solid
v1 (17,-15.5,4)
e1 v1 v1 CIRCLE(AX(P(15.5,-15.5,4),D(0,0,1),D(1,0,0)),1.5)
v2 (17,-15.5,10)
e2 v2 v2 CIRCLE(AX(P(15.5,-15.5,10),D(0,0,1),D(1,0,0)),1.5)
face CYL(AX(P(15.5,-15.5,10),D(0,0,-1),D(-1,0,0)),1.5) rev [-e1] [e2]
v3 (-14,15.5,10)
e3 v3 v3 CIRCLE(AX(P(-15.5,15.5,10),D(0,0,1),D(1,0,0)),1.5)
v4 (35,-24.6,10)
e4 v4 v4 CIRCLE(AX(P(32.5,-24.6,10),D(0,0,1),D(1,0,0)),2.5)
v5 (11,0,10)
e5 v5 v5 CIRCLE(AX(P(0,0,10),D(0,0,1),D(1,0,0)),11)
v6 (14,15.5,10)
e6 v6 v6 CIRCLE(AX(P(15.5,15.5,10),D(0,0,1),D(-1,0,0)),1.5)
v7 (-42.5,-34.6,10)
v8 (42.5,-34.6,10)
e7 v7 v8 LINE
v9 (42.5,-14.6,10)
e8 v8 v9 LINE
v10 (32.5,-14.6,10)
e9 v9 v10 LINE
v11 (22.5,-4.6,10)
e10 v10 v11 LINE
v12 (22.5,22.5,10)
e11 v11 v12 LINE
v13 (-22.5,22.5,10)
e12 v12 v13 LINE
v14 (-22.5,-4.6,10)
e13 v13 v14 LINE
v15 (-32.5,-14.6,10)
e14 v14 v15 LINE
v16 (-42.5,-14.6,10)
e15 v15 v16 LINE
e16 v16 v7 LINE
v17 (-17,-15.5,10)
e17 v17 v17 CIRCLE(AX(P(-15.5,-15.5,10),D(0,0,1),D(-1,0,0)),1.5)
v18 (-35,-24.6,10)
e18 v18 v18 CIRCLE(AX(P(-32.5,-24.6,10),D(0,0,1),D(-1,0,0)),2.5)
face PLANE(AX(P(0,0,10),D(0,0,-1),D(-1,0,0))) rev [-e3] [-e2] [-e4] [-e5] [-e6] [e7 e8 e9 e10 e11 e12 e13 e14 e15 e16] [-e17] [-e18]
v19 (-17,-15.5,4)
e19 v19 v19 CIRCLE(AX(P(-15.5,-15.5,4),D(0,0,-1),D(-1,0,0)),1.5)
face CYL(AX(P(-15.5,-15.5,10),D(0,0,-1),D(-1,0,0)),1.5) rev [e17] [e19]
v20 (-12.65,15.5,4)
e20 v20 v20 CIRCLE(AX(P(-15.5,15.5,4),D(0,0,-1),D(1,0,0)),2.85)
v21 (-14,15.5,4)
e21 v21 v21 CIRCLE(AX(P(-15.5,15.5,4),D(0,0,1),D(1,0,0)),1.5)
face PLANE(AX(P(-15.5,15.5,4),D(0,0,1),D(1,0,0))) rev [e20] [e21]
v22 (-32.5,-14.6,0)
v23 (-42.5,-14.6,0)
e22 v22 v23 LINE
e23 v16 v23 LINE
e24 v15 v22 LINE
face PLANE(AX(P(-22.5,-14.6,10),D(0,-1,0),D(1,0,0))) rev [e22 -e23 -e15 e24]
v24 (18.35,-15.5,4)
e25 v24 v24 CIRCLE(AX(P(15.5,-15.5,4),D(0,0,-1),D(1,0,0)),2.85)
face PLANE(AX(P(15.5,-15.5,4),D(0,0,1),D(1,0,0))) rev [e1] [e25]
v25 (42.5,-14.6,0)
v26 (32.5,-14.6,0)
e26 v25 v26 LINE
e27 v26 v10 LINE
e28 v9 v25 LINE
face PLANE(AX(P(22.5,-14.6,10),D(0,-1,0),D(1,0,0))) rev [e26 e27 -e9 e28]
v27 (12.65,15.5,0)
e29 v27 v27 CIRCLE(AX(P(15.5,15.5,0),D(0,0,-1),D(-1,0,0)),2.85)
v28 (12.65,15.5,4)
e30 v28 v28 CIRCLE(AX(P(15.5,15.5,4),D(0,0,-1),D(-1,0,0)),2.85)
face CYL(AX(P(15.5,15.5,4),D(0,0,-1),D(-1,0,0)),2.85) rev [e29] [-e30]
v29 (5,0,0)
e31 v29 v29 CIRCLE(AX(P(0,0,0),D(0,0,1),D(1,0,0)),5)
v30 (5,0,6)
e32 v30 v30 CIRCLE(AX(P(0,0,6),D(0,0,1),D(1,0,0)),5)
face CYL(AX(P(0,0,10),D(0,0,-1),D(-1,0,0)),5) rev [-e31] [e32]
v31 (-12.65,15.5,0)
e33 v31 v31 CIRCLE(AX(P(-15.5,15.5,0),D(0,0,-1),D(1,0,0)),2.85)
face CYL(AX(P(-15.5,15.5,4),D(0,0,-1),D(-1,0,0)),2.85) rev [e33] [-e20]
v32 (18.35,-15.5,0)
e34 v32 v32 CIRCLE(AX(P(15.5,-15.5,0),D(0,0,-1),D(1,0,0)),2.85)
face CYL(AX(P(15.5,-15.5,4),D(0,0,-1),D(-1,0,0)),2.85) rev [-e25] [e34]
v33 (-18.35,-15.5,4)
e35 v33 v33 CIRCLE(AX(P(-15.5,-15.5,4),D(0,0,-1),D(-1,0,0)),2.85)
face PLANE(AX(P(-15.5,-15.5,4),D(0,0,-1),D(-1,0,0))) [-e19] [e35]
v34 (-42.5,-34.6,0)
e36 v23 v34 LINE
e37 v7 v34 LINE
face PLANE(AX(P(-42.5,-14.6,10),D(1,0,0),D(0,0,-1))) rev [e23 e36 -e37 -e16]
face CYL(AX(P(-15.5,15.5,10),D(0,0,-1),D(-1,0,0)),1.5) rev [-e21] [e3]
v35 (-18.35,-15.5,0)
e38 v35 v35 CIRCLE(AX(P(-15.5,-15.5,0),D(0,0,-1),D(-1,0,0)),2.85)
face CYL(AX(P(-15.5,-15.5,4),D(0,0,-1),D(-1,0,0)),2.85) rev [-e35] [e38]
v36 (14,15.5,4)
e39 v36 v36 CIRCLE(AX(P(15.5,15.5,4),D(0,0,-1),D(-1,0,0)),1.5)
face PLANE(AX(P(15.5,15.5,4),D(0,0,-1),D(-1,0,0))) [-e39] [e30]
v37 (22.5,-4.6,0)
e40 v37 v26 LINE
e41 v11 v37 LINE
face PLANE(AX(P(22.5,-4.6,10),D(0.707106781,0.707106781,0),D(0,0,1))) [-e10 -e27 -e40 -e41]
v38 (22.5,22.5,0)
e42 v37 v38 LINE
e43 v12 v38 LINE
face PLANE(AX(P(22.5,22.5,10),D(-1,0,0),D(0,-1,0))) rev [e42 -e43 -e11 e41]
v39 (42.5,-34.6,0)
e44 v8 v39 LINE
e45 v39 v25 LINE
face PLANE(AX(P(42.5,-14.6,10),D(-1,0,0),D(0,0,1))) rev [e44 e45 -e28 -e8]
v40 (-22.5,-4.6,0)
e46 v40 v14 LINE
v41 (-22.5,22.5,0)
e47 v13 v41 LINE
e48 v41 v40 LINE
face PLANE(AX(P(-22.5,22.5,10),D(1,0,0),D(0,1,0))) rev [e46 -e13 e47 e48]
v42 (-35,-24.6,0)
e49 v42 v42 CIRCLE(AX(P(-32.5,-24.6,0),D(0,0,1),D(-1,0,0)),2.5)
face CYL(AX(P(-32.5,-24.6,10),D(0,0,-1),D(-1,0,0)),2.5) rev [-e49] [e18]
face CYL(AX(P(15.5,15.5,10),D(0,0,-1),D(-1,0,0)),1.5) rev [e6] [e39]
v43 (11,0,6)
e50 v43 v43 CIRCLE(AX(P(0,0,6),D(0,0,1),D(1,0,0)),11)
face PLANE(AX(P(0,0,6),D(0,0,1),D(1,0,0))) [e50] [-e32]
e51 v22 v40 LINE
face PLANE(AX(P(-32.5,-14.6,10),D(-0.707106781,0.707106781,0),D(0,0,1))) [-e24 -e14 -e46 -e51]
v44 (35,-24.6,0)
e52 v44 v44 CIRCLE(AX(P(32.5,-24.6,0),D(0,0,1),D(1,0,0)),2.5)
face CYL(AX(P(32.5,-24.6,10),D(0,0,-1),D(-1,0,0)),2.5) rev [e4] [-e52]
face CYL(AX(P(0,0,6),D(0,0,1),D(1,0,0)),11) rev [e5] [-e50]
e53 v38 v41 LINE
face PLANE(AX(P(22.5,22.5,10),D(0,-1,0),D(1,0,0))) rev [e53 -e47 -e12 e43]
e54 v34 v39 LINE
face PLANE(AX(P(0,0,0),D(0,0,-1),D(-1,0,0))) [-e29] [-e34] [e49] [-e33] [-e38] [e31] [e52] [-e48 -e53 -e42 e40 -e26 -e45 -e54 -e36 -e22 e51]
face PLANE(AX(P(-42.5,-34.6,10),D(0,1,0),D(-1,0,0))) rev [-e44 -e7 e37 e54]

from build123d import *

# Parameters (mm, degrees)
SKETCH1_R           = 1.5
SKETCH1_R_2         = 2.5
SKETCH1_R_3         = 5
BOSS_EXTRUDE1_DEPTH = 10
SKETCH2_R           = 11
CUT_EXTRUDE1_DEPTH  = 4
CHAMFER1_SIZE       = 10
SKETCH3_R           = 2.85
CUT_EXTRUDE2_DEPTH  = 4


with BuildPart() as part:
    # Sketch1 → Boss-Extrude1 (new body)
    with BuildSketch(Plane.XY):
        Polygon((22.5, 22.5), (-22.5, 22.5), (-22.5, -14.6), (-42.5, -14.6), (-42.5, -34.6), (42.5, -34.6), (42.5, -14.6), (22.5, -14.6), align=None)
        with Locations((-15.5, 15.5)):
            Circle(SKETCH1_R, mode=Mode.SUBTRACT)
        with Locations((15.5, 15.5)):
            Circle(SKETCH1_R, mode=Mode.SUBTRACT)
        with Locations((32.5, -24.6)):
            Circle(SKETCH1_R_2, mode=Mode.SUBTRACT)
        with Locations((-32.5, -24.6)):
            Circle(SKETCH1_R_2, mode=Mode.SUBTRACT)
        Circle(SKETCH1_R_3, mode=Mode.SUBTRACT)
        with Locations((15.5, -15.5)):
            Circle(SKETCH1_R, mode=Mode.SUBTRACT)
        with Locations((-15.5, -15.5)):
            Circle(SKETCH1_R, mode=Mode.SUBTRACT)
    extrude(amount=BOSS_EXTRUDE1_DEPTH)

    # Sketch2 → Cut-Extrude1 (cut)
    with BuildSketch(Plane.XY.offset(10)):
        Circle(SKETCH2_R)
    extrude(amount=-CUT_EXTRUDE1_DEPTH, mode=Mode.SUBTRACT)

    # Chamfer1
    chamfer1_edges = [part.edges().sort_by_distance(p)[0] for p in [
        (22.5, -14.6, 5),
        (-22.5, -14.6, 5),
    ]]
    chamfer(chamfer1_edges, length=CHAMFER1_SIZE)

    # Sketch3 → Cut-Extrude2 (cut)
    with BuildSketch(Plane(origin=(0, 0, 0), x_dir=(-1, 0, 0), z_dir=(0, 0, -1))):
        with Locations((-15.5, 15.5)):
            Circle(SKETCH3_R)
        with Locations((15.5, 15.5)):
            Circle(SKETCH3_R)
        with Locations((-15.5, -15.5)):
            Circle(SKETCH3_R)
        with Locations((15.5, -15.5)):
            Circle(SKETCH3_R)
    extrude(amount=-CUT_EXTRUDE2_DEPTH, mode=Mode.SUBTRACT)


solid = part.part
